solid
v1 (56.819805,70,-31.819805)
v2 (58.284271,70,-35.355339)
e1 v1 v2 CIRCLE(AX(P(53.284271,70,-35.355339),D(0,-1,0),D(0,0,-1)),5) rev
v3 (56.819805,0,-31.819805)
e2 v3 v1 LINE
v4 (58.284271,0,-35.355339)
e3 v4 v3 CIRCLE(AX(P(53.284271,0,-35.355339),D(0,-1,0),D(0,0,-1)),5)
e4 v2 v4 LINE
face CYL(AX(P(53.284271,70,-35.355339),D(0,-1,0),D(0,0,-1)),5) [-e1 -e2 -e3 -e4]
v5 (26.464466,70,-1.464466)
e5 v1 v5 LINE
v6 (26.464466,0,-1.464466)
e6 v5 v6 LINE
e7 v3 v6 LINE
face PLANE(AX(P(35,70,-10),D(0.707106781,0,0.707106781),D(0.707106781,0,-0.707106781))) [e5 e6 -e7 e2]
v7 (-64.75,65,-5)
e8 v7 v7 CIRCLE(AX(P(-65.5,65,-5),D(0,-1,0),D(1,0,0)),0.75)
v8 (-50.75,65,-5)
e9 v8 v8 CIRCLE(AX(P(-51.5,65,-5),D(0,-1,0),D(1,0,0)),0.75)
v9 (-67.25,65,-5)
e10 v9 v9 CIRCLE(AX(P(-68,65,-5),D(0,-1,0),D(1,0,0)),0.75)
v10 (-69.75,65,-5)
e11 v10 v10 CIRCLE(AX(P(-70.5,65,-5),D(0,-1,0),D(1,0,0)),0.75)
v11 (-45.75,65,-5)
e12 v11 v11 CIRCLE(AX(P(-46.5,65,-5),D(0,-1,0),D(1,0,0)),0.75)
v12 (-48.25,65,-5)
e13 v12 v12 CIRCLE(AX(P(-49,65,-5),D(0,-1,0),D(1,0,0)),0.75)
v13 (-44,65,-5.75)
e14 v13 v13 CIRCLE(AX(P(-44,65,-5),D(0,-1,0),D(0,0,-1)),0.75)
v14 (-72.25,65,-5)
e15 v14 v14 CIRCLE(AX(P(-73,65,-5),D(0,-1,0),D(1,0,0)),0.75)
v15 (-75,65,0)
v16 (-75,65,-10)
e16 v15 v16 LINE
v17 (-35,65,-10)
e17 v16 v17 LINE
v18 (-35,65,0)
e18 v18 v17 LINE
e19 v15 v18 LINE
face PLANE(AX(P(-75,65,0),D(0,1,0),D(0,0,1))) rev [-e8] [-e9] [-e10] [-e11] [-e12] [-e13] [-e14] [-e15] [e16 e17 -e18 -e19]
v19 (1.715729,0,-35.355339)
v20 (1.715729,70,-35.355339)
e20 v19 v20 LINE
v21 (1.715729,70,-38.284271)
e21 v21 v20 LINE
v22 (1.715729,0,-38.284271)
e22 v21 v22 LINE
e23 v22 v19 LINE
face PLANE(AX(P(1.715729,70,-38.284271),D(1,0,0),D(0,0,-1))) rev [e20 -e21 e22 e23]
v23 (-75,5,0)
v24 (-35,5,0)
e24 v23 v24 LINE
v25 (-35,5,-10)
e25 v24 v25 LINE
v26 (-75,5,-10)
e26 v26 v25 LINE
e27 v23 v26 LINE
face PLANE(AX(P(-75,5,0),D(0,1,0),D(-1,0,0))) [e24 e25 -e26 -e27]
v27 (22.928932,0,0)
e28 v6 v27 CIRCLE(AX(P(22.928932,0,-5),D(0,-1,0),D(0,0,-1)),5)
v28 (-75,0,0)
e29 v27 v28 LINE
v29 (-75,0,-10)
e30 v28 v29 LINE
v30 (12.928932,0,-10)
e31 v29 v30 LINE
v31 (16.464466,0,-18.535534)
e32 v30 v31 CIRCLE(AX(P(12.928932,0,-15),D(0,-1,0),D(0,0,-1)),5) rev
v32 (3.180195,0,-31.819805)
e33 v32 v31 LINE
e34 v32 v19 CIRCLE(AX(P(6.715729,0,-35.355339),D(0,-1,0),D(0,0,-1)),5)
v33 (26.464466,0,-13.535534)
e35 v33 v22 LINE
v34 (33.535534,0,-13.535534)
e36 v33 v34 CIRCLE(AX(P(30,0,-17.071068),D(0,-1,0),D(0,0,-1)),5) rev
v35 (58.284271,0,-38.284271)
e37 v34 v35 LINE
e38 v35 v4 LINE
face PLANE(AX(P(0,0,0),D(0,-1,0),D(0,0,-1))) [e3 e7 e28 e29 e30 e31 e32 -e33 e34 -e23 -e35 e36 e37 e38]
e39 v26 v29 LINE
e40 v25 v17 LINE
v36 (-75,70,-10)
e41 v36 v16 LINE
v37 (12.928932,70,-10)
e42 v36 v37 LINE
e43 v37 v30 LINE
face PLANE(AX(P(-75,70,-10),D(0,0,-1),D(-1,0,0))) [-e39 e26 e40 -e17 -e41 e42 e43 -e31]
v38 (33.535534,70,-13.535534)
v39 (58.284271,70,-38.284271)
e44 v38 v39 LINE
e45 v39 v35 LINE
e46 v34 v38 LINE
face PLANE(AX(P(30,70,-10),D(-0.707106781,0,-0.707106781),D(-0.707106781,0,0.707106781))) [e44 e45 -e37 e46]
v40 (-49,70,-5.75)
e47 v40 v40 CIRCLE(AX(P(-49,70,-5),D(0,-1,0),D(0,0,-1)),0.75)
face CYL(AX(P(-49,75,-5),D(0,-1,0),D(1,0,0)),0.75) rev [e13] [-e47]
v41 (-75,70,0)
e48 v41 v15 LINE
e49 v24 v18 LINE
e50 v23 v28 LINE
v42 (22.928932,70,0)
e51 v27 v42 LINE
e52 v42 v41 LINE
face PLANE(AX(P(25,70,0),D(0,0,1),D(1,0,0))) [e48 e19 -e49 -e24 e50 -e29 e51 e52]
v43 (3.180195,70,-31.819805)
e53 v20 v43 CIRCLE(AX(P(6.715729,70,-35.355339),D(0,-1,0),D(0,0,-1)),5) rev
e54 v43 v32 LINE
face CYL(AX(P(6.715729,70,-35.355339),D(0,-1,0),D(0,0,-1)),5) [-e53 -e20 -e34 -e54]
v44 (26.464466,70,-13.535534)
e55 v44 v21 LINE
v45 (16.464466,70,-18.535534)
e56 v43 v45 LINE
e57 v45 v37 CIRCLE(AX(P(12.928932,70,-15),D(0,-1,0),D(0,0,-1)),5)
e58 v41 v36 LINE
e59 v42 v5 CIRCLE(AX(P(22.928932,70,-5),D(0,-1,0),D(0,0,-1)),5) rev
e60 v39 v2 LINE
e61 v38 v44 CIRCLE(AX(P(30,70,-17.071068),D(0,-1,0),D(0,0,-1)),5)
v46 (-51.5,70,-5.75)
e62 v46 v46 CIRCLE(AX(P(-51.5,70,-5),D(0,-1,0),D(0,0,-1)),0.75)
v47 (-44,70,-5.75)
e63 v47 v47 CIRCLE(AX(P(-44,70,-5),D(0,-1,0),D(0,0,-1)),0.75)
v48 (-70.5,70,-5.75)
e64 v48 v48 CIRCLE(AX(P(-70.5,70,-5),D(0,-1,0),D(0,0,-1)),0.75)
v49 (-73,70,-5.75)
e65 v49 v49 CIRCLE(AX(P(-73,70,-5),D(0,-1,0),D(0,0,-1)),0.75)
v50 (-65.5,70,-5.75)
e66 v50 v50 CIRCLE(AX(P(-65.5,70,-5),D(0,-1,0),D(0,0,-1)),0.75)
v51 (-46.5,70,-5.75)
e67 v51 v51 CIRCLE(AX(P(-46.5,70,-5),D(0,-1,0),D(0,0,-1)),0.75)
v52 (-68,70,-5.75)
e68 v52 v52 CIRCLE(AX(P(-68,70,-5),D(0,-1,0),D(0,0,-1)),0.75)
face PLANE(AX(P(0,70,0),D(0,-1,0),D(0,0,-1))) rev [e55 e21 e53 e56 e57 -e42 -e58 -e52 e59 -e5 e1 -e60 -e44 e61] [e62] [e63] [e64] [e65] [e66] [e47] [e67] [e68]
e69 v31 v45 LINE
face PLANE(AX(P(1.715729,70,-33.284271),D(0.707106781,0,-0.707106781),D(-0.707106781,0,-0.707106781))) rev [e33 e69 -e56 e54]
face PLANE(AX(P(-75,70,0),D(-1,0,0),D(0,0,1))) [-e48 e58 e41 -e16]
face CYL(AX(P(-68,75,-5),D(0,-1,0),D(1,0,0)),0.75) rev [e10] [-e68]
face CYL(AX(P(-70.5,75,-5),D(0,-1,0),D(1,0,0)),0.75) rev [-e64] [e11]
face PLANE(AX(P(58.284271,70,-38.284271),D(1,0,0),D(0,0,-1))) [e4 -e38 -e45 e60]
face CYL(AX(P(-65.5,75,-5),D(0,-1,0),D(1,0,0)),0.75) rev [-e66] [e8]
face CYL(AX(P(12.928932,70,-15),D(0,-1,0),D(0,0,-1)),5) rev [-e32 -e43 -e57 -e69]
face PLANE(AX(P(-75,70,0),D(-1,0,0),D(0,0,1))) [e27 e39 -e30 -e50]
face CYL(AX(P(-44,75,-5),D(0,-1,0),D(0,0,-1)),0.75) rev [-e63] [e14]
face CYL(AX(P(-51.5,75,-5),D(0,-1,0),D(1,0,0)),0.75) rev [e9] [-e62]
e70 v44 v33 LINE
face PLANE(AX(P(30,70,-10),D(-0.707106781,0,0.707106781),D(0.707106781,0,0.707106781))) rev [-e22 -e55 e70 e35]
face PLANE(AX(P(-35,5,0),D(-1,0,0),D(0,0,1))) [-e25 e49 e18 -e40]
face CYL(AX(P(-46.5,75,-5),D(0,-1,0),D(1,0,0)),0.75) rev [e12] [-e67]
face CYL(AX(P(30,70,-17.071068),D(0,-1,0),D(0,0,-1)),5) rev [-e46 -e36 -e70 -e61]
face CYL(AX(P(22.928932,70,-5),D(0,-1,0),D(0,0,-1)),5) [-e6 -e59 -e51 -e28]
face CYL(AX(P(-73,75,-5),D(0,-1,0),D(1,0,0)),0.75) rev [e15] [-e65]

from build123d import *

# Parameters (mm, degrees)
BOSS_EXTRUDE3_DEPTH     = 70
FILLET7_R               = 5
FILLET8_R               = 5
FILLET9_R               = 5
FILLET10_R              = 5
ESQUISSE3_W             = 30
ESQUISSE3_H             = 60
ENL_V_MAT_EXTRU_1_DEPTH = 107.418983269
ESQUISSE5_W             = 10
ESQUISSE5_H             = 60
ENL_V_MAT_EXTRU_2_DEPTH = 107.418983269
ESQUISSE13_R            = 0.75
ENL_V_MAT_EXTRU_3_DEPTH = 10
ESQUISSE4_R             = 0.75
ENL_V_MAT_EXTRU_6_DEPTH = 10


with BuildPart() as part:
    # Sketch1 → Boss-Extrude3 (new body)
    with BuildSketch(Plane(origin=(0, 0, 0), x_dir=(1, 0, 0), z_dir=(0, 1, 0))):
        Polygon((-75, 0), (-75, 10), (25, 10), (1.715728753, 33.284271247), (1.715728753, 38.284271247), (30, 10), (58.284271247, 38.284271247), (58.284271247, 33.284271247), (35, 10), (25, 0), align=None)
    extrude(amount=BOSS_EXTRUDE3_DEPTH)

    # Fillet7
    fillet7_edges = [part.edges().sort_by_distance(p)[0] for p in [
        (30, 35, -10),
    ]]
    fillet(fillet7_edges, radius=FILLET7_R)

    # Fillet8
    fillet8_edges = [part.edges().sort_by_distance(p)[0] for p in [
        (25, 35, -10),
    ]]
    fillet(fillet8_edges, radius=FILLET8_R)

    # Fillet9
    fillet9_edges = [part.edges().sort_by_distance(p)[0] for p in [
        (58.284271247, 35, -33.284271247),
        (1.715728753, 35, -33.284271247),
    ]]
    fillet(fillet9_edges, radius=FILLET9_R)

    # Fillet10
    fillet10_edges = [part.edges().sort_by_distance(p)[0] for p in [
        (25, 35, 0),
    ]]
    fillet(fillet10_edges, radius=FILLET10_R)

    # Esquisse3 → Enlèv. mat.-Extru.1 (cut, through all)
    with BuildSketch(Plane(origin=(0, 0, -10), x_dir=(-1, 0, 0), z_dir=(0, 0, -1))):
        with Locations((60, 35)):
            Rectangle(ESQUISSE3_W, ESQUISSE3_H)
    extrude(amount=-ENL_V_MAT_EXTRU_1_DEPTH, mode=Mode.SUBTRACT)

    # Esquisse5 → Enlèv. mat.-Extru.2 (cut, through all)
    with BuildSketch(Plane(origin=(0, 0, -10), x_dir=(-1, 0, 0), z_dir=(0, 0, -1))):
        with Locations((40, 35)):
            Rectangle(ESQUISSE5_W, ESQUISSE5_H)
    extrude(amount=-ENL_V_MAT_EXTRU_2_DEPTH, mode=Mode.SUBTRACT)

    # Esquisse13 → Enlèv. mat.-Extru.3 (cut)
    with BuildSketch(Plane(origin=(0, 65, 0), x_dir=(-1, 0, 0), z_dir=(0, -1, 0))):
        with Locations(Location((44, 5, 0), (0, 0, 90))):
            Circle(ESQUISSE13_R)
    extrude(amount=-ENL_V_MAT_EXTRU_3_DEPTH, mode=Mode.SUBTRACT)

    # Esquisse4 → Enlèv. mat.-Extru.6 (cut)
    with BuildSketch(Plane.XZ.offset(-65)):
        with Locations((-73, -5)):
            Circle(ESQUISSE4_R)
        with Locations((-68, -5)):
            Circle(ESQUISSE4_R)
        with Locations((-70.5, -5)):
            Circle(ESQUISSE4_R)
        with Locations((-65.5, -5)):
            Circle(ESQUISSE4_R)
        with Locations((-46.5, -5)):
            Circle(ESQUISSE4_R)
        with Locations((-49, -5)):
            Circle(ESQUISSE4_R)
        with Locations((-51.5, -5)):
            Circle(ESQUISSE4_R)
    extrude(amount=-ENL_V_MAT_EXTRU_6_DEPTH, mode=Mode.SUBTRACT)


solid = part.part
